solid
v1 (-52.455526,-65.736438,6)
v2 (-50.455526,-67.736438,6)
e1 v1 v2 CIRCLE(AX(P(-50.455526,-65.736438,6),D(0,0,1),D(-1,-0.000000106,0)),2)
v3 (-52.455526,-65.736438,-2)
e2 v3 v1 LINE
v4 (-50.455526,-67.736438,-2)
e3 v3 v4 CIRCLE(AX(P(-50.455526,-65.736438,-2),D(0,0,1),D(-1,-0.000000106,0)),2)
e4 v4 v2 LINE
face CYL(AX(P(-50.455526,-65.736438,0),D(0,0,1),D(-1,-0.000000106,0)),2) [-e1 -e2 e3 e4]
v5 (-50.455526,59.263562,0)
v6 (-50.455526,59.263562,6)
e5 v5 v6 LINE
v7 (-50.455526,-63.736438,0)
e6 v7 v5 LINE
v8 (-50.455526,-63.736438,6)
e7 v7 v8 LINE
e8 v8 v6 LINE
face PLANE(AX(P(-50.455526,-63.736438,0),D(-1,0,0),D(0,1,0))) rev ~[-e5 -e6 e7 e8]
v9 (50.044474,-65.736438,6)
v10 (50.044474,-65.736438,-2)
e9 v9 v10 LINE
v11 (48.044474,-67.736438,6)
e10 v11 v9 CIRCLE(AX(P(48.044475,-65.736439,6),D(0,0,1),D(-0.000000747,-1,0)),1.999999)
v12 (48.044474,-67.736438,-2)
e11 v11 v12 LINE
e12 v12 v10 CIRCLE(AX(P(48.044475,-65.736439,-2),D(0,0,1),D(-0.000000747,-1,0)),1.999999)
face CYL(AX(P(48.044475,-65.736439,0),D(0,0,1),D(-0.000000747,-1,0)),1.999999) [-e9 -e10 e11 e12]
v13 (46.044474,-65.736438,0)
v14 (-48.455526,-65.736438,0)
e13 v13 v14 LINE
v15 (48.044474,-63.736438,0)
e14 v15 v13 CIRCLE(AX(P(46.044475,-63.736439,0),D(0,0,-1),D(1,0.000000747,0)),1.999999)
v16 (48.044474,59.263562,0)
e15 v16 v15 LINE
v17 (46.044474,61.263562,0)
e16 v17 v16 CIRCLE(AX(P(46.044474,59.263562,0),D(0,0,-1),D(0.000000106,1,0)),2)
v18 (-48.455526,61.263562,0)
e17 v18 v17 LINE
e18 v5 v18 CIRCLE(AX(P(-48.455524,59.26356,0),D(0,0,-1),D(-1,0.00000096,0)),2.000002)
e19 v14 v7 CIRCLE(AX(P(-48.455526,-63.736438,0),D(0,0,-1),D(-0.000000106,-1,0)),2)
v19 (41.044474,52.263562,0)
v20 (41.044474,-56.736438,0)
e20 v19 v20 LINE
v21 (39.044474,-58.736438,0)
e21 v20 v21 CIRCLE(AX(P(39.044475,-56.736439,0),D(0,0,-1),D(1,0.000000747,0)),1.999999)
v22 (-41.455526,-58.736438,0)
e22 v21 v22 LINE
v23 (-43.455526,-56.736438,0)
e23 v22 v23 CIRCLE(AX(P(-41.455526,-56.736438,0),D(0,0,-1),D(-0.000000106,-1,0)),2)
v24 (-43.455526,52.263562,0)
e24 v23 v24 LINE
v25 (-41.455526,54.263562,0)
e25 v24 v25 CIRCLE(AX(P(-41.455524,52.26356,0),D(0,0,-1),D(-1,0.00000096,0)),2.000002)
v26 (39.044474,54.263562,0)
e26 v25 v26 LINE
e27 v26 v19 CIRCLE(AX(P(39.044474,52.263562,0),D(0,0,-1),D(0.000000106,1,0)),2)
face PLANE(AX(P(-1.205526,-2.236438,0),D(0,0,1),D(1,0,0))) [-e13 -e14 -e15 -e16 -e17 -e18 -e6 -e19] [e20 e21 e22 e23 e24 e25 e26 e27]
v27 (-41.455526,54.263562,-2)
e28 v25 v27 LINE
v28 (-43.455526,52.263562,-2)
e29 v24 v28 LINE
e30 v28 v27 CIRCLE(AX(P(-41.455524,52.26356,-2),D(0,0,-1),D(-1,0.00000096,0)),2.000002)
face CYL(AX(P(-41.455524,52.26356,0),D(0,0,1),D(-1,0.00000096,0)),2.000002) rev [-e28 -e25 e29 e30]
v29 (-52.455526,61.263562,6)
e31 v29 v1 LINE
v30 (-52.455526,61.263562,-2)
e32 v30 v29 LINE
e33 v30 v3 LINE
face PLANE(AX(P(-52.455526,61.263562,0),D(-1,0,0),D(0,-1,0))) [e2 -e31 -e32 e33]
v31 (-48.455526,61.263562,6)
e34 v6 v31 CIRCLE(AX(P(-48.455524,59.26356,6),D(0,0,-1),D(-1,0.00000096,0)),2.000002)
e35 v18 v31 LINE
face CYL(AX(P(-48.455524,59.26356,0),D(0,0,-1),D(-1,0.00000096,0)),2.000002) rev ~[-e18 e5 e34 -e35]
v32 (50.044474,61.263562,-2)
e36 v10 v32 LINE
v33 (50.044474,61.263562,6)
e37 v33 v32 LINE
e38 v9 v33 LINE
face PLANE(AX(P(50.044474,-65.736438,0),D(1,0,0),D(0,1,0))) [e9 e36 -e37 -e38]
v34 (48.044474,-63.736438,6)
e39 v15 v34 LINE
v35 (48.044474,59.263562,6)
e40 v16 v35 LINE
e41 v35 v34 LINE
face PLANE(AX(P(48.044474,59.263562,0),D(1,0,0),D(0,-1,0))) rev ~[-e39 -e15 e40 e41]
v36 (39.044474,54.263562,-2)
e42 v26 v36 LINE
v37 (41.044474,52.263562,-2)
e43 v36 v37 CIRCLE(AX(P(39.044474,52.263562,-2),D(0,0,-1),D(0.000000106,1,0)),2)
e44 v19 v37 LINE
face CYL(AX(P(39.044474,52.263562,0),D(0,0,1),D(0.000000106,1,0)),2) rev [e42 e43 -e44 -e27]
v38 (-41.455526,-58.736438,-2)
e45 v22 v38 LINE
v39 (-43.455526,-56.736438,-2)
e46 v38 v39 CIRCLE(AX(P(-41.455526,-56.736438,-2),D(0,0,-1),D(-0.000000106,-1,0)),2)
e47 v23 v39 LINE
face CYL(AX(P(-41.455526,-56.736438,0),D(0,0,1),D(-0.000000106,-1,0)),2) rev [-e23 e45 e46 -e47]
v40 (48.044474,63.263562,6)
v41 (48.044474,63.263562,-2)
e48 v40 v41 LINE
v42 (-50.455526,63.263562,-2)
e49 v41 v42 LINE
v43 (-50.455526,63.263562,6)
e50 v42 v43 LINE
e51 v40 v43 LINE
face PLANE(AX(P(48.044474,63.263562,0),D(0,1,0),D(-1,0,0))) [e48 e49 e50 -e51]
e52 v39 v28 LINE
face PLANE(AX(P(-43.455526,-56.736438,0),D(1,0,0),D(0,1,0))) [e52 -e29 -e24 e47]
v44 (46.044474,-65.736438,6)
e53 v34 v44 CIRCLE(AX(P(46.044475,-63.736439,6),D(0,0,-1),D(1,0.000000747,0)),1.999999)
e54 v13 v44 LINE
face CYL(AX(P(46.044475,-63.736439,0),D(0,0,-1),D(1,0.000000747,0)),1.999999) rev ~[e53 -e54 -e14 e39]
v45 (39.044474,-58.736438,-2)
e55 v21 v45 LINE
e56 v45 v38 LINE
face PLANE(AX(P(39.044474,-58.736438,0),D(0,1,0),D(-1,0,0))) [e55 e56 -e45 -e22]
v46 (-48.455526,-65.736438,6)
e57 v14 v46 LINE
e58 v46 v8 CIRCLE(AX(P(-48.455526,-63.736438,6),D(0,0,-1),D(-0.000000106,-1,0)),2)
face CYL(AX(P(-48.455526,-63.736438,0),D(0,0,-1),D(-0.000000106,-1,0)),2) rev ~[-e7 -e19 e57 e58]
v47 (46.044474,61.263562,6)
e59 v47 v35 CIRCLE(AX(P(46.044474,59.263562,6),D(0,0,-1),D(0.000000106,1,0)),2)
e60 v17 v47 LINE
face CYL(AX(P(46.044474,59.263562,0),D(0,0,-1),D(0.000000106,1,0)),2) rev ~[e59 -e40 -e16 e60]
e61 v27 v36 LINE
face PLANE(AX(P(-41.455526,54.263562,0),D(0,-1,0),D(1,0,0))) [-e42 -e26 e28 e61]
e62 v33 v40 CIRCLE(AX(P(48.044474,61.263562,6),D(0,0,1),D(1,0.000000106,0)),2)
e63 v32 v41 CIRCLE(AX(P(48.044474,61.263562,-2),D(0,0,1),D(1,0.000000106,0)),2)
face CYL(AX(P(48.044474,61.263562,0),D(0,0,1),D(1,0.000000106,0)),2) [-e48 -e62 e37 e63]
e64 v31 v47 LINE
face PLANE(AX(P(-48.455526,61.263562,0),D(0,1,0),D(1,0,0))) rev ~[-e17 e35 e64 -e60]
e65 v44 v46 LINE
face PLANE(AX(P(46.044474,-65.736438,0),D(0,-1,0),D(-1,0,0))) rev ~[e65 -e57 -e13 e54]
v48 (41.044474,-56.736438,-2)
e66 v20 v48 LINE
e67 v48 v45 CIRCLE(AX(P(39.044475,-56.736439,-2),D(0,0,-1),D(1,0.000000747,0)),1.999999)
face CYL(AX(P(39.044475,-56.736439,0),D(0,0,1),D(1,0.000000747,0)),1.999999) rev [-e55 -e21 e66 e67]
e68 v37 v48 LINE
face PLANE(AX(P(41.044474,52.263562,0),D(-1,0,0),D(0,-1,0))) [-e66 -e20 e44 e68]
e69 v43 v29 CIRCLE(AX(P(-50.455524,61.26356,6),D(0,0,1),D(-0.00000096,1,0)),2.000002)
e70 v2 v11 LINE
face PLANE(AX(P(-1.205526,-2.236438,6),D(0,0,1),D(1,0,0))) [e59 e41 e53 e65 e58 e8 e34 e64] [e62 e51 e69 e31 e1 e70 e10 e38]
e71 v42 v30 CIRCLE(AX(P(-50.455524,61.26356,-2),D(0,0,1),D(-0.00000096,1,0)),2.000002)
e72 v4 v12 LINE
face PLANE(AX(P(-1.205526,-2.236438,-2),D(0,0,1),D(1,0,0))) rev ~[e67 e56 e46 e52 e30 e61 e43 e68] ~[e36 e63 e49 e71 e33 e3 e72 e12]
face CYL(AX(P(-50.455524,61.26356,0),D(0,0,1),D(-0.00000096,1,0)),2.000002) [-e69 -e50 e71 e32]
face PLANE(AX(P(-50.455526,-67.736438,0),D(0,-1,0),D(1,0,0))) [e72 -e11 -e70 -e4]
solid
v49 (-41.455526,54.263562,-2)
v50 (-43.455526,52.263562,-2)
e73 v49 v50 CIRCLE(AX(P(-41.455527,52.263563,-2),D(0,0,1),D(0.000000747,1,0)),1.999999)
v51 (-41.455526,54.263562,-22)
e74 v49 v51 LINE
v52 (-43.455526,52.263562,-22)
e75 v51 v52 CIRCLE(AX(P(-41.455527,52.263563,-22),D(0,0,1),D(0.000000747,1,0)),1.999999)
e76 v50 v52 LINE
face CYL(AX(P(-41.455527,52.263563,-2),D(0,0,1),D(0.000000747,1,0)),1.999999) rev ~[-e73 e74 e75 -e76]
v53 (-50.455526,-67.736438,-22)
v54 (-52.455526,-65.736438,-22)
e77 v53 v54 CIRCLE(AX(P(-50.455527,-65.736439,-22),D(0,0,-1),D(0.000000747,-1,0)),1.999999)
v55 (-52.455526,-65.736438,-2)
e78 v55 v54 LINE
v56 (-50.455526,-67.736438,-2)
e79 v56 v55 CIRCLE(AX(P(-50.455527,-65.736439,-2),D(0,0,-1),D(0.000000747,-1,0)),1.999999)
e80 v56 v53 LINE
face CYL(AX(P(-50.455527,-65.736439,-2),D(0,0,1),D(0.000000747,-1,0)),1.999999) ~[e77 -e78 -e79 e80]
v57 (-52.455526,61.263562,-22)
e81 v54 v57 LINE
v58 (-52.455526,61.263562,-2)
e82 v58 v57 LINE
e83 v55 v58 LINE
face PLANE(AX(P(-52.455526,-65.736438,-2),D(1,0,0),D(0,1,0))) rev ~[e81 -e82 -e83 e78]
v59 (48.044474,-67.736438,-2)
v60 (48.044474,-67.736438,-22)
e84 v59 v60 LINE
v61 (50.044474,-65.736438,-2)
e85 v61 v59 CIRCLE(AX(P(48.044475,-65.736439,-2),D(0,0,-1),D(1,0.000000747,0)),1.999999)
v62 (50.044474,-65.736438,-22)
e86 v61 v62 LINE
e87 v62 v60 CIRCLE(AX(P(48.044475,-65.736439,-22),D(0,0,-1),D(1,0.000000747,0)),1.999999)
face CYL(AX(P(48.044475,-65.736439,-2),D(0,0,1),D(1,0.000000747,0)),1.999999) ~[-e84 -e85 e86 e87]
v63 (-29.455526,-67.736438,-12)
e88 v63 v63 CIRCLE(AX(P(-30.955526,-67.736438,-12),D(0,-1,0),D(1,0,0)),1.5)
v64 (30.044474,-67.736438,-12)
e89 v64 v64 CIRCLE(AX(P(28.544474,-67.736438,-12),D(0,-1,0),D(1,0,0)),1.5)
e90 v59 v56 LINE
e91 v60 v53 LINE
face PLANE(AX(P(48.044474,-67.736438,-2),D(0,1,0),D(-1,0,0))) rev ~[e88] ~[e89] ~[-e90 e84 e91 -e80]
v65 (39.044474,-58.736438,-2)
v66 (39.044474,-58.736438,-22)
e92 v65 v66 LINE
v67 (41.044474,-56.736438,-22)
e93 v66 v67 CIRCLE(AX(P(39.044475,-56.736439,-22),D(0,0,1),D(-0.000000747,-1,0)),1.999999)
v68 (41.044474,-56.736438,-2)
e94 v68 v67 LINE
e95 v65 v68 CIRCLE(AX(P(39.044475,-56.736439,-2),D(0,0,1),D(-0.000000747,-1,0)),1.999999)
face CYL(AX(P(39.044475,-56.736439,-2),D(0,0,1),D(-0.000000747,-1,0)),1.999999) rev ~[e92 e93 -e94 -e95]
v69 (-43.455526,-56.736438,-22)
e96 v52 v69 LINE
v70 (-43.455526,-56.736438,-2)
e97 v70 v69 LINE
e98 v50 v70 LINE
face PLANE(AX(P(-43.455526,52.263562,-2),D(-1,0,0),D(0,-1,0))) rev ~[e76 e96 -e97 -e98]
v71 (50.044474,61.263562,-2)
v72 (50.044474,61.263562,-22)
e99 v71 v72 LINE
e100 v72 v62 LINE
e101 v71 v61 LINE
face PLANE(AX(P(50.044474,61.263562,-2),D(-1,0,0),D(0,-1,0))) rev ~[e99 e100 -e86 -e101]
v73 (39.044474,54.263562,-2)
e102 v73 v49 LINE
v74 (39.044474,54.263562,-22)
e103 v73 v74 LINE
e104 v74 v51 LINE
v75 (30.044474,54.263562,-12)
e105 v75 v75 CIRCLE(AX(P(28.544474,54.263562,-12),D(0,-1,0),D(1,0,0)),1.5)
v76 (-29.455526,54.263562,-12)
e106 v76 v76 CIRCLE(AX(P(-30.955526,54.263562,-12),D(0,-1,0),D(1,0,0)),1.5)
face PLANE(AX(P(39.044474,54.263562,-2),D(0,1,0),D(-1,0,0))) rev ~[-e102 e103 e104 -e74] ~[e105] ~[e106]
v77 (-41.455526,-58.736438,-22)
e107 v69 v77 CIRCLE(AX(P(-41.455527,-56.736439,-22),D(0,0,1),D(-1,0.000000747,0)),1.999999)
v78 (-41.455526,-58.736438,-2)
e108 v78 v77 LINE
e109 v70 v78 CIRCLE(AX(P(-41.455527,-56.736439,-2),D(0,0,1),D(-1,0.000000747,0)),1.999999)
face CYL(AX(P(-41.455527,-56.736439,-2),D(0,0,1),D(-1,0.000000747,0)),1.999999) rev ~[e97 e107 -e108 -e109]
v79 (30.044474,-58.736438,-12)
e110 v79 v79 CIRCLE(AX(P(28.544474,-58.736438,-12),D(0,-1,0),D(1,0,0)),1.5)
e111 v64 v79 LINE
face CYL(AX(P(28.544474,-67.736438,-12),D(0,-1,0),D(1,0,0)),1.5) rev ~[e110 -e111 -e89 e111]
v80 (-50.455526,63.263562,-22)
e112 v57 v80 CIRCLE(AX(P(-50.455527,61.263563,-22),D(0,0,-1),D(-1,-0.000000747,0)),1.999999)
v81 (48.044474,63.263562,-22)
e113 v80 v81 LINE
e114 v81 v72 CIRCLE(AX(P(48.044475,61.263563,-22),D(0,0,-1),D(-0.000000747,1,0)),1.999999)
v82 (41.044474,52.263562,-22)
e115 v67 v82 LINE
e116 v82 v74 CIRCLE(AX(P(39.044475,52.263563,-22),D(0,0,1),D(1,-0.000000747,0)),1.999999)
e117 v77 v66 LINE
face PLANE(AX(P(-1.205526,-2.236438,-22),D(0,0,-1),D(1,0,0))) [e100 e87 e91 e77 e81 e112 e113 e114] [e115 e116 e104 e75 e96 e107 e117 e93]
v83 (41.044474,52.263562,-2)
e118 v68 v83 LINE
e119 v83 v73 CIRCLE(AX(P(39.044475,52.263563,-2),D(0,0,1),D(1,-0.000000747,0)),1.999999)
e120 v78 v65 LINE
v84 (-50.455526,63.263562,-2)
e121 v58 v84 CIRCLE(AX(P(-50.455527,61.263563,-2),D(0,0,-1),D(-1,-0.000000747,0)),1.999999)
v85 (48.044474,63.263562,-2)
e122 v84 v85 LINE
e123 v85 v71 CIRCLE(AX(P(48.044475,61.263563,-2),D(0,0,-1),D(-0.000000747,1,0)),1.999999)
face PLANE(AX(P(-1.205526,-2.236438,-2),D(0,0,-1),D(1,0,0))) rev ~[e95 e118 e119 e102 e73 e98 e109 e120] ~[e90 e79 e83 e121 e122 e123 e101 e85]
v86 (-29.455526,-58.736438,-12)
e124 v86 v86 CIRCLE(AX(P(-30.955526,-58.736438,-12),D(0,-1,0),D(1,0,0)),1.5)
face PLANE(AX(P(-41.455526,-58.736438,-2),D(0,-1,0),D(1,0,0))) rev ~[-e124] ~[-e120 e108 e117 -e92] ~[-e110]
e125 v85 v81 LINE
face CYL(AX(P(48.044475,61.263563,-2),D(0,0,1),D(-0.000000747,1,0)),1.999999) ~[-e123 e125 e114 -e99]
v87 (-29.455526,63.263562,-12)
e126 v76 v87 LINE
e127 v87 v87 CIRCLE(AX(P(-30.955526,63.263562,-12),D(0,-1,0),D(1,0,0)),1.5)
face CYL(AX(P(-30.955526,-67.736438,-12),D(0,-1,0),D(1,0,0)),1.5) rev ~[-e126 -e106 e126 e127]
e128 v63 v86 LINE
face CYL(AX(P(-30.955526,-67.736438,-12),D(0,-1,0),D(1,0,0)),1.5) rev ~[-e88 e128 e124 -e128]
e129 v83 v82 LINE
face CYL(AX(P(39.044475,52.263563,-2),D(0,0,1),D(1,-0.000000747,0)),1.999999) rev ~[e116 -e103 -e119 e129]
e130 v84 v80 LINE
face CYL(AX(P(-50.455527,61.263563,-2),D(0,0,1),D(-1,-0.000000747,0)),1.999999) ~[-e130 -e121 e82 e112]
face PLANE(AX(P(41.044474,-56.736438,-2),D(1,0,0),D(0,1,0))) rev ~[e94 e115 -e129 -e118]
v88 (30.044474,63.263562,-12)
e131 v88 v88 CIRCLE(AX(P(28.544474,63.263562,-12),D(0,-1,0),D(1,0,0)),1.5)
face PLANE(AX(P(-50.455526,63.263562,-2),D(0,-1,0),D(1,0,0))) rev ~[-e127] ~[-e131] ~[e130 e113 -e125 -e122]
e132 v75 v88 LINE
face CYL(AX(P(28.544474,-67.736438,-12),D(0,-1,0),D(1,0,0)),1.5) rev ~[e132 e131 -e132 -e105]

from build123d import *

# Parameters (mm, degrees)
F1_DEPTH = 6
F3_DEPTH = 2
F4_DEPTH = 20
F5_R     = 1.5
F6_DEPTH = 135


with BuildPart() as f1:
    # F0 (on Top) → F1 (new body)
    with BuildSketch(Plane.XY):
        with BuildLine():
            Line((48.044474, 63.263562), (-50.455526, 63.263562))
            ThreePointArc((-50.455526, 63.263562), (-51.869739, 62.677775), (-52.455526, 61.263562))
            Line((-52.455526, 61.263562), (-52.455526, -65.736438))
            ThreePointArc((-52.455526, -65.736438), (-51.869739, -67.150652), (-50.455526, -67.736438))
            Line((-50.455526, -67.736438), (48.044474, -67.736438))
            ThreePointArc((48.044474, -67.736438), (49.458688, -67.150652), (50.044474, -65.736438))
            Line((50.044474, -65.736438), (50.044474, 61.263562))
            ThreePointArc((50.044474, 61.263562), (49.458688, 62.677775), (48.044474, 63.263562))
        make_face()
        with BuildLine():
            ThreePointArc((-50.455526, 59.263562), (-49.869739, 60.677775), (-48.455526, 61.263562))
            Line((-48.455526, 61.263562), (46.044474, 61.263562))
            ThreePointArc((46.044474, 61.263562), (47.458688, 60.677775), (48.044474, 59.263562))
            Line((48.044474, 59.263562), (48.044474, -63.736438))
            ThreePointArc((48.044474, -63.736438), (47.458688, -65.150652), (46.044474, -65.736438))
            Line((46.044474, -65.736438), (-48.455526, -65.736438))
            ThreePointArc((-48.455526, -65.736438), (-49.869739, -65.150652), (-50.455526, -63.736438))
            Line((-50.455526, -63.736438), (-50.455526, 59.263562))
        make_face(mode=Mode.SUBTRACT)
    extrude(amount=F1_DEPTH)

    # F2 (on Top) → F3 (join)
    with BuildSketch(Plane.XY):
        with BuildLine():
            Line((48.044474, 63.263562), (-50.455526, 63.263562))
            ThreePointArc((-50.455526, 63.263562), (-51.869739, 62.677775), (-52.455526, 61.263562))
            Line((-52.455526, 61.263562), (-52.455526, -65.736438))
            ThreePointArc((-52.455526, -65.736438), (-51.869739, -67.150652), (-50.455526, -67.736438))
            Line((-50.455526, -67.736438), (48.044474, -67.736438))
            ThreePointArc((48.044474, -67.736438), (49.458688, -67.150652), (50.044474, -65.736438))
            Line((50.044474, -65.736438), (50.044474, 61.263562))
            ThreePointArc((50.044474, 61.263562), (49.458688, 62.677775), (48.044474, 63.263562))
        make_face()
        with BuildLine():
            ThreePointArc((-43.455526, 52.263562), (-42.869739, 53.677775), (-41.455526, 54.263562))
            Line((-41.455526, 54.263562), (39.044474, 54.263562))
            ThreePointArc((39.044474, 54.263562), (40.458688, 53.677775), (41.044474, 52.263562))
            Line((41.044474, 52.263562), (41.044474, -56.736438))
            ThreePointArc((41.044474, -56.736438), (40.458688, -58.150652), (39.044474, -58.736438))
            Line((39.044474, -58.736438), (-41.455526, -58.736438))
            ThreePointArc((-41.455526, -58.736438), (-42.869739, -58.150652), (-43.455526, -56.736438))
            Line((-43.455526, -56.736438), (-43.455526, 52.263562))
        make_face(mode=Mode.SUBTRACT)
    extrude(amount=-F3_DEPTH)


with BuildPart() as f4:
    # F3_face (on face) → F4 (new body)
    with BuildSketch(Plane(origin=(-1.205526, -2.236438, -2), x_dir=(1, 0, 0), z_dir=(0, 0, -1))):
        with BuildLine():
            Line((-49.25, -65.5), (49.25, -65.5))
            ThreePointArc((49.25, -65.5), (50.664214, -64.914214), (51.25, -63.5))
            Line((51.25, -63.5), (51.25, 63.5))
            ThreePointArc((51.25, 63.5), (50.664214, 64.914214), (49.25, 65.5))
            Line((49.25, 65.5), (-49.25, 65.5))
            ThreePointArc((-49.25, 65.5), (-50.664214, 64.914214), (-51.25, 63.5))
            Line((-51.25, 63.5), (-51.25, -63.5))
            ThreePointArc((-51.25, -63.5), (-50.664214, -64.914214), (-49.25, -65.5))
        make_face()
        with BuildLine():
            Line((-42.25, -54.5), (-42.25, 54.5))
            ThreePointArc((-42.25, 54.5), (-41.664214, 55.914214), (-40.25, 56.5))
            Line((-40.25, 56.5), (40.25, 56.5))
            ThreePointArc((40.25, 56.5), (41.664214, 55.914214), (42.25, 54.5))
            Line((42.25, 54.5), (42.25, -54.5))
            ThreePointArc((42.25, -54.5), (41.664214, -55.914214), (40.25, -56.5))
            Line((40.25, -56.5), (-40.25, -56.5))
            ThreePointArc((-40.25, -56.5), (-41.664214, -55.914214), (-42.25, -54.5))
        make_face(mode=Mode.SUBTRACT)
    extrude(amount=F4_DEPTH)

    # F5 (on face) → F6 (cut)
    with BuildSketch(Plane.XZ.offset(67.736438)):
        with Locations((28.544474, -12)):
            Circle(F5_R)
        with Locations((-30.955526, -12)):
            Circle(F5_R)
    extrude(amount=-F6_DEPTH, mode=Mode.SUBTRACT)


solid = Compound([f1.part, f4.part])
